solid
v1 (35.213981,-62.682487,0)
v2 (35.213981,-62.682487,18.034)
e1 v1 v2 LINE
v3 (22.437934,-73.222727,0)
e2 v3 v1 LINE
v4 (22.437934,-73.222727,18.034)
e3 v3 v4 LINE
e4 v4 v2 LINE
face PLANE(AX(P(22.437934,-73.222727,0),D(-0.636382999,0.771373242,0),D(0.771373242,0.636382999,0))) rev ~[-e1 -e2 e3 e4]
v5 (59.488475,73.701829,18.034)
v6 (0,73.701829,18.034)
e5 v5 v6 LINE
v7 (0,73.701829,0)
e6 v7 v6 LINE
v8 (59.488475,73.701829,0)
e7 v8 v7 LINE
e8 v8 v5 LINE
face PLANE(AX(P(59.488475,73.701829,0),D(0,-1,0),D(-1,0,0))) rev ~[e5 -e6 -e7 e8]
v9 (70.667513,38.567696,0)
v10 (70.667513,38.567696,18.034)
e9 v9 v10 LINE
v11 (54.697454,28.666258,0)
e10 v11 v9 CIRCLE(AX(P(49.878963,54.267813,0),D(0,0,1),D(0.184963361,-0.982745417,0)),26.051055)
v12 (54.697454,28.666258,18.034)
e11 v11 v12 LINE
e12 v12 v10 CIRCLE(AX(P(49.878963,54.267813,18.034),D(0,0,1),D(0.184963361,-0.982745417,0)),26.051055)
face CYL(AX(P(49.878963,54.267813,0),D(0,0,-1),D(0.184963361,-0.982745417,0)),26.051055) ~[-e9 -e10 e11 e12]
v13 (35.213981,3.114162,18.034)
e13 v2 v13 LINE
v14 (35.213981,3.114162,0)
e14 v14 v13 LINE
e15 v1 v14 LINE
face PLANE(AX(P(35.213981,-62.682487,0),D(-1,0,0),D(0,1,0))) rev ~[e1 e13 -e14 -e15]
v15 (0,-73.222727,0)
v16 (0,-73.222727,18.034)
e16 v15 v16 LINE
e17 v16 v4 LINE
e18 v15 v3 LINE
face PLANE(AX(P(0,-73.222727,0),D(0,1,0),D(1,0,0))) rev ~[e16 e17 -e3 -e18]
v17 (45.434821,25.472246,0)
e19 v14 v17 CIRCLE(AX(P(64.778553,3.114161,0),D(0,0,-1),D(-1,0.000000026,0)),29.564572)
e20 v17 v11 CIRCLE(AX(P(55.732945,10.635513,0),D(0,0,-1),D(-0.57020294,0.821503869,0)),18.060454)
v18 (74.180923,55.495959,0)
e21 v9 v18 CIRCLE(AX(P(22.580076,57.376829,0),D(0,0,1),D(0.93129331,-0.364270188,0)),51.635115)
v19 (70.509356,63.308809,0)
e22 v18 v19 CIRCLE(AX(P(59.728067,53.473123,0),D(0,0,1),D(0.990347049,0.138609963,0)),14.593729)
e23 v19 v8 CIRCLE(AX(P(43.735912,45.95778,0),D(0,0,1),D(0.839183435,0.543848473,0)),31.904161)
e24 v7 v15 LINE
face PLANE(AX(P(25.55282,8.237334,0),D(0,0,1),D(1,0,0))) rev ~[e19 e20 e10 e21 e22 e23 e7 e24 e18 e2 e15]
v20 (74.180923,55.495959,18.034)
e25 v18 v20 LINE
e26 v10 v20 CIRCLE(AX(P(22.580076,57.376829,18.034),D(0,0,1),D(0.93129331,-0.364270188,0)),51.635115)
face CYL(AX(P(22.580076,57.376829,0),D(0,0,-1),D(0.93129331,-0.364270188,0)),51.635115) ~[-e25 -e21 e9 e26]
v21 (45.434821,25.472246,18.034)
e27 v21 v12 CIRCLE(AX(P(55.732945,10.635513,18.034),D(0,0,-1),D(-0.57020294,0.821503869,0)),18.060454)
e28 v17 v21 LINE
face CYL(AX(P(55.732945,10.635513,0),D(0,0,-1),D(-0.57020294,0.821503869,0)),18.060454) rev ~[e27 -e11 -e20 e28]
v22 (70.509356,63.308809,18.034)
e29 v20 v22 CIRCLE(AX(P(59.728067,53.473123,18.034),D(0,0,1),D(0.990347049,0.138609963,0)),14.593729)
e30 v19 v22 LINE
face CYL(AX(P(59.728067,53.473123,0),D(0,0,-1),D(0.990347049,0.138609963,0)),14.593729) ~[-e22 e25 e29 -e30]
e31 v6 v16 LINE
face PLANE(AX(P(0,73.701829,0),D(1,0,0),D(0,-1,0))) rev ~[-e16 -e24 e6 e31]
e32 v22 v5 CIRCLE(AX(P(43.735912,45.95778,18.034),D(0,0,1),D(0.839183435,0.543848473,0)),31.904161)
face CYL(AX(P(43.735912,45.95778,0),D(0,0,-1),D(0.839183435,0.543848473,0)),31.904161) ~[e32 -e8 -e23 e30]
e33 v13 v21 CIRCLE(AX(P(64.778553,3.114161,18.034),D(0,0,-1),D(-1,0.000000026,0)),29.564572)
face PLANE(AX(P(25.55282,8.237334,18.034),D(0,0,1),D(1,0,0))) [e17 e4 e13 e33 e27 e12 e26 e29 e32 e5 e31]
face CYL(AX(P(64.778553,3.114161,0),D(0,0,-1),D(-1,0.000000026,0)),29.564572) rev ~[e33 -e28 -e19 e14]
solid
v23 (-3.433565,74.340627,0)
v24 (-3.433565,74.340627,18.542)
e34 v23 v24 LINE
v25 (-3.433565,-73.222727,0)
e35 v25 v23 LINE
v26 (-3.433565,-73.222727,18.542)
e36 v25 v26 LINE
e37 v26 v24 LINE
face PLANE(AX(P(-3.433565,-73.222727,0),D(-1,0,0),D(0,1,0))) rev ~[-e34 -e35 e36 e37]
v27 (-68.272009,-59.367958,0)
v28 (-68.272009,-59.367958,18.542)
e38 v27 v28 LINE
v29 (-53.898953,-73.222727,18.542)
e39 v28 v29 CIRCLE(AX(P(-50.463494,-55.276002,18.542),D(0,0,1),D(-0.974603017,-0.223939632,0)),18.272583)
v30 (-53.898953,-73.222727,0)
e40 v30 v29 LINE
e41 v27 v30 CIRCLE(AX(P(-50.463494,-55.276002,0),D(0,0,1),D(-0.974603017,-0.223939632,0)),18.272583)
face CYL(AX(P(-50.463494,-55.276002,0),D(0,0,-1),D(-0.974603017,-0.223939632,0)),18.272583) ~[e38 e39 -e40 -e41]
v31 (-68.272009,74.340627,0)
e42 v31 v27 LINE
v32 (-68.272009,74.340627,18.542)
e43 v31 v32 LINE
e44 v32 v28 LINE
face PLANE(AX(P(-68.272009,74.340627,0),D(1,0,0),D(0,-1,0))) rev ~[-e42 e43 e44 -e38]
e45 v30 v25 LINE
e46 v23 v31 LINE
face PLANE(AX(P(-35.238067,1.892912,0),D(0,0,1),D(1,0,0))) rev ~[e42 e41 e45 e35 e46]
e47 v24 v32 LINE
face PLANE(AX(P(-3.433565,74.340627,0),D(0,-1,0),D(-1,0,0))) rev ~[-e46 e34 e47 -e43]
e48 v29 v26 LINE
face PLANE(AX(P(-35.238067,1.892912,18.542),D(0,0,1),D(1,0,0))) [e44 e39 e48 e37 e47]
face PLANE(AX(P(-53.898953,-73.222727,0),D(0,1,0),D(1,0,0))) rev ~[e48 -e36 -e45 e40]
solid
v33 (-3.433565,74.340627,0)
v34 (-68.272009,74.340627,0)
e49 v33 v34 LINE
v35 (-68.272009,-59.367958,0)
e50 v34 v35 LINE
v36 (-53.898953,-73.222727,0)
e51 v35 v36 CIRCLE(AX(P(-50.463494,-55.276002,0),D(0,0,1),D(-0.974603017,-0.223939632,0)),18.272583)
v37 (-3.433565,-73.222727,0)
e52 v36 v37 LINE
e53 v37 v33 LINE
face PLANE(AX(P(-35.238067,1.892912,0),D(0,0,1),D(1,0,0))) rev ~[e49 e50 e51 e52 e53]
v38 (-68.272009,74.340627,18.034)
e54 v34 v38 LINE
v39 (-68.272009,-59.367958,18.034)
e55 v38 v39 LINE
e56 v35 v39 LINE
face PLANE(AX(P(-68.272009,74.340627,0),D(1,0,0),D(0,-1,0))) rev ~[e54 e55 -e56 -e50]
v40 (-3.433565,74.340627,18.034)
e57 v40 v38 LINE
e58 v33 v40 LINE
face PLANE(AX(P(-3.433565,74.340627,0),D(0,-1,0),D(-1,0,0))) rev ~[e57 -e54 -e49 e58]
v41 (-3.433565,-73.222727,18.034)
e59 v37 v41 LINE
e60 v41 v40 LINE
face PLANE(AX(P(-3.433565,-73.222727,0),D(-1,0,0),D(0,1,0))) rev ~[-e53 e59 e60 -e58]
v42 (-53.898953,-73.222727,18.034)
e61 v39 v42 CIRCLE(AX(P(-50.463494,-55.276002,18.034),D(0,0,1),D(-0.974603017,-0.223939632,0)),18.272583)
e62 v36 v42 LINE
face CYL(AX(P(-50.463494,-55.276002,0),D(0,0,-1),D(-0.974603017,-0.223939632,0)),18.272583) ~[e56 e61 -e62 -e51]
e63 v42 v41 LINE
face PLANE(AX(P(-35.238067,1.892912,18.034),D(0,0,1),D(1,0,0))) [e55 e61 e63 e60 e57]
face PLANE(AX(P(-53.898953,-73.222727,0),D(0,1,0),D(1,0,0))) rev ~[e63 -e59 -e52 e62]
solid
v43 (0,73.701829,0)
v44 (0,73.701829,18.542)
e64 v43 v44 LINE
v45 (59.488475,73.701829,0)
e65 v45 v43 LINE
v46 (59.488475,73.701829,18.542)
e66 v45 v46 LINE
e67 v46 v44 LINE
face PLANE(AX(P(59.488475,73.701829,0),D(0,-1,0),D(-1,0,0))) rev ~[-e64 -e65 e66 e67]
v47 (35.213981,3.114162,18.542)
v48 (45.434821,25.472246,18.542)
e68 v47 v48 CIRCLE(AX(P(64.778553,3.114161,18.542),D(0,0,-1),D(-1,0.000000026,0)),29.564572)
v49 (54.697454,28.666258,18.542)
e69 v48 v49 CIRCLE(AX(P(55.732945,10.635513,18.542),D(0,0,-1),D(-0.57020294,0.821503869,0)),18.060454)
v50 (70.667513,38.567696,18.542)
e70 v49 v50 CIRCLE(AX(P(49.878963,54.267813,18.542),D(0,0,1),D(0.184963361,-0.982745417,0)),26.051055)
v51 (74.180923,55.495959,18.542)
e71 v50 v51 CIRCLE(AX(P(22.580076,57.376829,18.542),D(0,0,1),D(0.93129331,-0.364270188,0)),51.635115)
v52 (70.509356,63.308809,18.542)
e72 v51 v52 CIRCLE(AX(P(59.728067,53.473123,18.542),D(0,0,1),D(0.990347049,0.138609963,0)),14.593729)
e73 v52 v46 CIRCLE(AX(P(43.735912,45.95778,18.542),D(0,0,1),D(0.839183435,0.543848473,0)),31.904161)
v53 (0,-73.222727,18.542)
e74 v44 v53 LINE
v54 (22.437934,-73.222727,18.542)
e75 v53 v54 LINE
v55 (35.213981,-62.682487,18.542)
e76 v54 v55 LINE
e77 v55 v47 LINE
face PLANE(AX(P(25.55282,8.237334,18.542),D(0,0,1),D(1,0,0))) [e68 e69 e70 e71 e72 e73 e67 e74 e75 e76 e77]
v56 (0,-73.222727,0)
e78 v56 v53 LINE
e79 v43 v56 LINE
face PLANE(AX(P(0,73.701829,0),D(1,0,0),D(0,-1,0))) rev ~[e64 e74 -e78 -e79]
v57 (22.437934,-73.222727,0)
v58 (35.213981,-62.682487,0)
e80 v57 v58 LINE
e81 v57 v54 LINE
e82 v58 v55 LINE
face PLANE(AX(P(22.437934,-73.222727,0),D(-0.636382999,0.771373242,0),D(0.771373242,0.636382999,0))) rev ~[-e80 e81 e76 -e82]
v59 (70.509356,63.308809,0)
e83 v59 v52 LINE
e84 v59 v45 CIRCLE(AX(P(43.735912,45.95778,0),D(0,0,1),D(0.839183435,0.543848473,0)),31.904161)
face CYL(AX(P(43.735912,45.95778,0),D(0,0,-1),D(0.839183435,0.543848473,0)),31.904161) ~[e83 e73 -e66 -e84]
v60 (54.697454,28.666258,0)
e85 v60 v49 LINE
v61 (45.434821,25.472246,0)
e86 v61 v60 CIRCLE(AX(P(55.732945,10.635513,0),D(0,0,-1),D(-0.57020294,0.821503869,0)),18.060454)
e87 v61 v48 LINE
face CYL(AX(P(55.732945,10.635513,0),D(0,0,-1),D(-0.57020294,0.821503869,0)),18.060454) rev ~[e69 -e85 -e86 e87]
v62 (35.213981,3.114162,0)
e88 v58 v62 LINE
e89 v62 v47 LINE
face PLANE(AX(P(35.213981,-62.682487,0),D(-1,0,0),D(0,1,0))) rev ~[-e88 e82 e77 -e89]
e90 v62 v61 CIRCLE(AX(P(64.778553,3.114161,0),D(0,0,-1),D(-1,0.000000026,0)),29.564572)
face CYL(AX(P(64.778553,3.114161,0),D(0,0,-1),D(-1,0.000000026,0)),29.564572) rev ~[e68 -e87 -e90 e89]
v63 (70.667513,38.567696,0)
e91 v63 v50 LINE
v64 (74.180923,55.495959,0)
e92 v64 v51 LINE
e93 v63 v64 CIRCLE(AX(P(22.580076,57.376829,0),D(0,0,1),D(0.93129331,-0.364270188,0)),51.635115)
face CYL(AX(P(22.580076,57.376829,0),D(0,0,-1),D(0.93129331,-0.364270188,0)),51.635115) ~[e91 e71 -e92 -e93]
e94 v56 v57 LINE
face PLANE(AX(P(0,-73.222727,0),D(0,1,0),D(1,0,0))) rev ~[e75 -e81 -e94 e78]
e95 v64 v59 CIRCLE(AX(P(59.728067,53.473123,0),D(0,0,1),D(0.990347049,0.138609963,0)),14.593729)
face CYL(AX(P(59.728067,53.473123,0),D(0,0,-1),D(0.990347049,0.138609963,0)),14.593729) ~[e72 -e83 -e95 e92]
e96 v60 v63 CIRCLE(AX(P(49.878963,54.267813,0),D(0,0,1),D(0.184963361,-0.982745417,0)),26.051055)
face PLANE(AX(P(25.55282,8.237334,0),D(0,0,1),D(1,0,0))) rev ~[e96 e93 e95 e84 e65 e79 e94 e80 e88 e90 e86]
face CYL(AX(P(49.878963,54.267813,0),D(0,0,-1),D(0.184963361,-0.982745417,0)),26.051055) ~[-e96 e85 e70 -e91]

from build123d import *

# Parameters (mm, degrees)
F1_DEPTH = 18.542
F2_DEPTH = 18.034


with BuildPart() as f1:
    # F0 (on Top) → F1 (new body)
    with BuildSketch(Plane.XY):
        with BuildLine():
            Line((59.488475, 73.701829), (0, 73.701829))
            Line((0, 73.701829), (0, -73.222727))
            Line((0, -73.222727), (22.437934, -73.222727))
            Line((22.437934, -73.222727), (35.213981, -62.682487))
            Line((35.213981, -62.682487), (35.213981, 3.114162))
            ThreePointArc((35.213981, 3.114162), (37.89033, 15.405922), (45.434821, 25.472246))
            ThreePointArc((45.434821, 25.472246), (49.845404, 27.709378), (54.697454, 28.666258))
            ThreePointArc((54.697454, 28.666258), (63.606299, 32.126952), (70.667513, 38.567696))
            ThreePointArc((70.667513, 38.567696), (73.137766, 46.883733), (74.180923, 55.495959))
            ThreePointArc((74.180923, 55.495959), (72.610608, 59.527138), (70.509356, 63.308809))
            ThreePointArc((70.509356, 63.308809), (65.6247, 69.168908), (59.488475, 73.701829))
        make_face()
        with BuildLine():
            ThreePointArc((74.180923, 55.495959), (72.936045, 59.680073), (70.509356, 63.308809))
            ThreePointArc((70.509356, 63.308809), (72.610608, 59.527138), (74.180923, 55.495959))
        make_face()
        with BuildLine():
            Line((-3.433565, 74.340627), (-68.272009, 74.340627))
            Line((-68.272009, 74.340627), (-68.272009, -59.367958))
            ThreePointArc((-68.272009, -59.367958), (-63.14479, -68.431687), (-53.898953, -73.222727))
            Line((-53.898953, -73.222727), (-3.433565, -73.222727))
            Line((-3.433565, -73.222727), (-3.433565, 74.340627))
        make_face()
    extrude(amount=F1_DEPTH)


with BuildPart() as f2:
    # F0 (on Top) → F2 (new body)
    with BuildSketch(Plane.XY):
        with BuildLine():
            Line((59.488475, 73.701829), (0, 73.701829))
            Line((0, 73.701829), (0, -73.222727))
            Line((0, -73.222727), (22.437934, -73.222727))
            Line((22.437934, -73.222727), (35.213981, -62.682487))
            Line((35.213981, -62.682487), (35.213981, 3.114162))
            ThreePointArc((35.213981, 3.114162), (37.89033, 15.405922), (45.434821, 25.472246))
            ThreePointArc((45.434821, 25.472246), (49.845404, 27.709378), (54.697454, 28.666258))
            ThreePointArc((54.697454, 28.666258), (63.606299, 32.126952), (70.667513, 38.567696))
            ThreePointArc((70.667513, 38.567696), (73.137766, 46.883733), (74.180923, 55.495959))
            ThreePointArc((74.180923, 55.495959), (72.610608, 59.527138), (70.509356, 63.308809))
            ThreePointArc((70.509356, 63.308809), (65.6247, 69.168908), (59.488475, 73.701829))
        make_face()
        with BuildLine():
            ThreePointArc((74.180923, 55.495959), (72.936045, 59.680073), (70.509356, 63.308809))
            ThreePointArc((70.509356, 63.308809), (72.610608, 59.527138), (74.180923, 55.495959))
        make_face()
        with BuildLine():
            Line((-3.433565, 74.340627), (-68.272009, 74.340627))
            Line((-68.272009, 74.340627), (-68.272009, -59.367958))
            ThreePointArc((-68.272009, -59.367958), (-63.14479, -68.431687), (-53.898953, -73.222727))
            Line((-53.898953, -73.222727), (-3.433565, -73.222727))
            Line((-3.433565, -73.222727), (-3.433565, 74.340627))
        make_face()
    extrude(amount=F2_DEPTH)


solid = Compound([f1.part, f2.part])
